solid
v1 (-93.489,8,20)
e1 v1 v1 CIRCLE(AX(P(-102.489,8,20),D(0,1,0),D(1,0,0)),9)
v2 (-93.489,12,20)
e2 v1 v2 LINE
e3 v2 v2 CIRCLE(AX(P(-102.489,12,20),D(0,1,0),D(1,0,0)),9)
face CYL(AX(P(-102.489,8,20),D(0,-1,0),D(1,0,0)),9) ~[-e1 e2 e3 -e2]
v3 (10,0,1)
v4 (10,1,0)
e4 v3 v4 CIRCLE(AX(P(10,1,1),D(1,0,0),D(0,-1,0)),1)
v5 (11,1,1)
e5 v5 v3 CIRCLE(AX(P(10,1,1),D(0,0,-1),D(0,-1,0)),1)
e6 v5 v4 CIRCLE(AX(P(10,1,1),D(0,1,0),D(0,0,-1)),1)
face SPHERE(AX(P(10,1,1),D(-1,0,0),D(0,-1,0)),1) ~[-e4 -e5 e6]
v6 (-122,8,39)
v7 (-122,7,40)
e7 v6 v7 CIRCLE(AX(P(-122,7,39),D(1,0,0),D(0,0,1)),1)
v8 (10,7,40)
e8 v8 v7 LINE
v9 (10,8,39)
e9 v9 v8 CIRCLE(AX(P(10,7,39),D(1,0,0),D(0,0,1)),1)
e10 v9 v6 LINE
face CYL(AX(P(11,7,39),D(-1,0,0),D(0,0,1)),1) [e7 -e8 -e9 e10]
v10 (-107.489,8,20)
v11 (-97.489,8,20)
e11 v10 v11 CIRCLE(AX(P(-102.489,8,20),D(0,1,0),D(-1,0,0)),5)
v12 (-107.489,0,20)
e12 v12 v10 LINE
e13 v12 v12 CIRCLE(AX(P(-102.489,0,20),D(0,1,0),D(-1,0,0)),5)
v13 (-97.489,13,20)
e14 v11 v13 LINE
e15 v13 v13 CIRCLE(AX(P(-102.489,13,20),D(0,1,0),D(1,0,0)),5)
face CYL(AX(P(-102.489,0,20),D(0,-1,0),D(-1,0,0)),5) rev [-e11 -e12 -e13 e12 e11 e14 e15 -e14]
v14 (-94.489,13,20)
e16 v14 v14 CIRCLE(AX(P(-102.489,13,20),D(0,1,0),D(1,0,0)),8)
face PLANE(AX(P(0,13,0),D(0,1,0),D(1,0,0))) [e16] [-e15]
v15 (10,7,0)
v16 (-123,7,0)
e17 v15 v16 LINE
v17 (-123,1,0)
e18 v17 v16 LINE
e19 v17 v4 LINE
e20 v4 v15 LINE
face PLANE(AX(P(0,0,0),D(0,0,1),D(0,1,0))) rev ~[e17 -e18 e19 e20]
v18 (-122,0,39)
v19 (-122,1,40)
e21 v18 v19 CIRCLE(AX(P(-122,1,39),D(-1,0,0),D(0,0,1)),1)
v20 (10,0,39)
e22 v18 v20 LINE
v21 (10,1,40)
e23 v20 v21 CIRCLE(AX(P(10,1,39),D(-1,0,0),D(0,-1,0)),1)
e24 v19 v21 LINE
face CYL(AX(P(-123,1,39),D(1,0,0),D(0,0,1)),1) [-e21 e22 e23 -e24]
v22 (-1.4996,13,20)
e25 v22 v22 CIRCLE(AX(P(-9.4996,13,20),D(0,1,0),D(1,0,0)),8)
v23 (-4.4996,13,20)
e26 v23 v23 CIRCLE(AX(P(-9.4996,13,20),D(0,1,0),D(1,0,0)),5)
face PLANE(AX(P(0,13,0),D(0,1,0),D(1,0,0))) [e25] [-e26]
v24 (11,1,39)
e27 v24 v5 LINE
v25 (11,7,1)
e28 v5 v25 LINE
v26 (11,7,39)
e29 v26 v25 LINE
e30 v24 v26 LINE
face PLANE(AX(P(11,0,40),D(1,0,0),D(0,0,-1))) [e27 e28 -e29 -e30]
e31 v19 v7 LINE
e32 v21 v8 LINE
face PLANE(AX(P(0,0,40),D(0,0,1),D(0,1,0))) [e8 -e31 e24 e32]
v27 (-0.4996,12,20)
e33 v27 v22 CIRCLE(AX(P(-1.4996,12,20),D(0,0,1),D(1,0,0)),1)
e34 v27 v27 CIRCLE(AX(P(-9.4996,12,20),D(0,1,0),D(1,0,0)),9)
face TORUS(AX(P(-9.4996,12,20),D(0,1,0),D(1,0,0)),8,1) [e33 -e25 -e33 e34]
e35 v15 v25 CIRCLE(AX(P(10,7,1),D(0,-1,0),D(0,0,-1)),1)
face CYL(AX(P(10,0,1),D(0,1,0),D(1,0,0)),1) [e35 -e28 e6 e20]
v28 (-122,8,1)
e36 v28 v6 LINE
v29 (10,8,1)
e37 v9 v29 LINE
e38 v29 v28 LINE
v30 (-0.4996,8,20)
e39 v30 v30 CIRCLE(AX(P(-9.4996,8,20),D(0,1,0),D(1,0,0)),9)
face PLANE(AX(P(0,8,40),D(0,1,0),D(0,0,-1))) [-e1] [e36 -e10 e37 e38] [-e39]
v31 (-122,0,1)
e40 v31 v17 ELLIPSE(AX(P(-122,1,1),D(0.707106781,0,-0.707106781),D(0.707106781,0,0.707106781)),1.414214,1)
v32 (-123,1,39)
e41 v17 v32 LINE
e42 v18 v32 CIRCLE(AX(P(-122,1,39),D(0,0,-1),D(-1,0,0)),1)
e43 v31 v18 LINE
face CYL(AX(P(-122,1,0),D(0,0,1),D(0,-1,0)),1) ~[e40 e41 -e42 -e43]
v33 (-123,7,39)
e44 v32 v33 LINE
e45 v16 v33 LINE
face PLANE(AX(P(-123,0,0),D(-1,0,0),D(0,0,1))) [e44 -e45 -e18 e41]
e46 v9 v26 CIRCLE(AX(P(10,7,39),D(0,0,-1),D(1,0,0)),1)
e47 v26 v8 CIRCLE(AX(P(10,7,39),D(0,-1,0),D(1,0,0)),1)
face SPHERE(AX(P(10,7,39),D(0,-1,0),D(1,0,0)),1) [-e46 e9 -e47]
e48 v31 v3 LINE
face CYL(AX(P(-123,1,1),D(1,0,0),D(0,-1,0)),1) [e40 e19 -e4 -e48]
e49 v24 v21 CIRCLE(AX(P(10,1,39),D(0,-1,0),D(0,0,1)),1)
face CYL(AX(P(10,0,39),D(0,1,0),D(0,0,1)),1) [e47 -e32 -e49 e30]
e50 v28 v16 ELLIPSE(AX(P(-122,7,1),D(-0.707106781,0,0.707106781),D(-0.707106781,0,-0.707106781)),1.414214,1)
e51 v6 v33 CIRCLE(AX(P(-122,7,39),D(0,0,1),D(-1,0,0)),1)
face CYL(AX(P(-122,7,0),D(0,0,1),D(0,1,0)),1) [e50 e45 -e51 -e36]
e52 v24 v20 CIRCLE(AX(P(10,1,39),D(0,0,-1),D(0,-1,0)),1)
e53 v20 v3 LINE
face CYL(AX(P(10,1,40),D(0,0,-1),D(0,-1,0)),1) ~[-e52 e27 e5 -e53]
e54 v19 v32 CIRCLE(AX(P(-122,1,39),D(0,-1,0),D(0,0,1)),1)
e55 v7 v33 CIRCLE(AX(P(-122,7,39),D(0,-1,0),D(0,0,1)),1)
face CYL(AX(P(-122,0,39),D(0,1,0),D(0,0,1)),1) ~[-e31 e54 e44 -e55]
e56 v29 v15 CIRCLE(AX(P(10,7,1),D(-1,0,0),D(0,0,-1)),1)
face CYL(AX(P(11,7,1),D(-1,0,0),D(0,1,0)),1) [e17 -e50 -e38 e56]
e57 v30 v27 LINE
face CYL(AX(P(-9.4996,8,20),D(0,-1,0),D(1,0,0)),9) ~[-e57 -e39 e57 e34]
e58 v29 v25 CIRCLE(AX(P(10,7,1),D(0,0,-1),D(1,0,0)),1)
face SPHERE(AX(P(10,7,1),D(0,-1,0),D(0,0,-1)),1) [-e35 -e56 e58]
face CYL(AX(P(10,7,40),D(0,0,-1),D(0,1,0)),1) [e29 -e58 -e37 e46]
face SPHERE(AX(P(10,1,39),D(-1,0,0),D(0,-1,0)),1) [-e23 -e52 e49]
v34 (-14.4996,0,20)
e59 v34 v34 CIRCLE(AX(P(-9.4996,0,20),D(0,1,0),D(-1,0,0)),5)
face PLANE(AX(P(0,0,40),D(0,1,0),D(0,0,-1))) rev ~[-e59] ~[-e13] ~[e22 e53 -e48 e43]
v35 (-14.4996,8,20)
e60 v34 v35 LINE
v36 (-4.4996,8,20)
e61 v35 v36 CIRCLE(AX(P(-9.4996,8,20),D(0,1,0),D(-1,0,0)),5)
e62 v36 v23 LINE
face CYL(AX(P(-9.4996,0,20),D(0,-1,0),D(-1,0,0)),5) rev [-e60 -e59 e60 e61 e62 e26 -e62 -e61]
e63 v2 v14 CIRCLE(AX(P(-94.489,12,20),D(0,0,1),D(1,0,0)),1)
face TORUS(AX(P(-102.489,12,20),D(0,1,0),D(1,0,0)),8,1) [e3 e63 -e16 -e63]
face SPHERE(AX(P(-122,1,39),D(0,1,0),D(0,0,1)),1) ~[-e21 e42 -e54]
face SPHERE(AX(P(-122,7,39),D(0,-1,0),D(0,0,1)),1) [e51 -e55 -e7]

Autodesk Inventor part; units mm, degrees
ref_plane "YZ Plane" through (0, 0, 0) normal (1, 0, 0) x (0, 1, 0)
ref_plane "XZ Plane" through (0, 0, 0) normal (0, 1, 0) x (-1, 0, 0)
ref_plane "XY Plane" through (0, 0, 0) normal (0, 0, 1) x (1, 0, 0)
sketch "Sketch1" plane through (0, 0, 0) normal (0, 1, 0) x (-1, 0, 0)
  line L0 (0, 0) -> (112, 0)
  line L1 (112, 0) -> (112, 40)
  line L2 (112, 40) -> (0, 40)
  line L3 (0, 40) -> (0, 0)
  circle A0 centre (9.4996, 20) radius 5
  circle A1 centre (102.489, 20) radius 5
  dimension "d0" = 112
  dimension "d1" = 40
  dimension "d4" = 10
  dimension "d5" = 10
  dimension "d18" = 92.9894
  dimension "d19" = 9.4996
  dimension "d22" = 9.511
  dimension "d23" = 40
  dimension "d24" = 20
extrude "Extrusion1" add sketch "Sketch1" along normal blind 8
sketch "Sketch2" plane through (0, 8, 0) normal (0, 1, 0) x (1, 0, 0)
  circle A0 centre (-102.489, -20) radius 5 projected
  circle A1 centre (-9.4996, -20) radius 5 projected
  circle A2 centre (-102.489, -20) radius 9
  circle A3 centre (-9.4996, -20) radius 9
  dimension "d8" = 18
  dimension "d9" = 18
extrude "Extrusion2" add sketch "Sketch2" along normal blind 5
sketch "Sketch3" plane through (-112, 0, 0) normal (-1, 0, 0) x (0, 0, 1)
  line L0 (0, 0) -> (40, 0) projected
  line L1 (40, 0) -> (40, 8) projected
  line L2 (0, 8) -> (40, 8) projected
  line L3 (0, 0) -> (0, 8) projected
extrude "Extrusion3" add sketch "Sketch3" along normal blind 11
sketch "Sketch4" plane through (0, 0, 40) normal (1, 0, 0) x (0, 0, -1)
  line L0 (0, 0) -> (40, 0) projected
  line L1 (40, 0) -> (40, 8) projected
  line L2 (0, 8) -> (40, 8) projected
  line L3 (0, 0) -> (0, 8) projected
extrude "Extrusion4" add sketch "Sketch4" along normal blind 11
fillet "Fillet1" radius 1 13 edges at (-123, 4, 40) (-56, 0, 40) (-56, 0, 0) (-123, 0, 20) (11, 0, 20) (11, 4, 40) (11, 4, 0) (-56, 8, 0) (11, 8, 20) (-56, 8, 40) (-123, 8, 20) (-111.489, 13, 20) (-18.4996, 13, 20)
equation "\"d5\" = d4"
equation "\"d24\" = 0.5 * d23"
equation "\"d9\" = d8"
properties part number "CIM MountBase" material "Aluminum 6061, Welded"
